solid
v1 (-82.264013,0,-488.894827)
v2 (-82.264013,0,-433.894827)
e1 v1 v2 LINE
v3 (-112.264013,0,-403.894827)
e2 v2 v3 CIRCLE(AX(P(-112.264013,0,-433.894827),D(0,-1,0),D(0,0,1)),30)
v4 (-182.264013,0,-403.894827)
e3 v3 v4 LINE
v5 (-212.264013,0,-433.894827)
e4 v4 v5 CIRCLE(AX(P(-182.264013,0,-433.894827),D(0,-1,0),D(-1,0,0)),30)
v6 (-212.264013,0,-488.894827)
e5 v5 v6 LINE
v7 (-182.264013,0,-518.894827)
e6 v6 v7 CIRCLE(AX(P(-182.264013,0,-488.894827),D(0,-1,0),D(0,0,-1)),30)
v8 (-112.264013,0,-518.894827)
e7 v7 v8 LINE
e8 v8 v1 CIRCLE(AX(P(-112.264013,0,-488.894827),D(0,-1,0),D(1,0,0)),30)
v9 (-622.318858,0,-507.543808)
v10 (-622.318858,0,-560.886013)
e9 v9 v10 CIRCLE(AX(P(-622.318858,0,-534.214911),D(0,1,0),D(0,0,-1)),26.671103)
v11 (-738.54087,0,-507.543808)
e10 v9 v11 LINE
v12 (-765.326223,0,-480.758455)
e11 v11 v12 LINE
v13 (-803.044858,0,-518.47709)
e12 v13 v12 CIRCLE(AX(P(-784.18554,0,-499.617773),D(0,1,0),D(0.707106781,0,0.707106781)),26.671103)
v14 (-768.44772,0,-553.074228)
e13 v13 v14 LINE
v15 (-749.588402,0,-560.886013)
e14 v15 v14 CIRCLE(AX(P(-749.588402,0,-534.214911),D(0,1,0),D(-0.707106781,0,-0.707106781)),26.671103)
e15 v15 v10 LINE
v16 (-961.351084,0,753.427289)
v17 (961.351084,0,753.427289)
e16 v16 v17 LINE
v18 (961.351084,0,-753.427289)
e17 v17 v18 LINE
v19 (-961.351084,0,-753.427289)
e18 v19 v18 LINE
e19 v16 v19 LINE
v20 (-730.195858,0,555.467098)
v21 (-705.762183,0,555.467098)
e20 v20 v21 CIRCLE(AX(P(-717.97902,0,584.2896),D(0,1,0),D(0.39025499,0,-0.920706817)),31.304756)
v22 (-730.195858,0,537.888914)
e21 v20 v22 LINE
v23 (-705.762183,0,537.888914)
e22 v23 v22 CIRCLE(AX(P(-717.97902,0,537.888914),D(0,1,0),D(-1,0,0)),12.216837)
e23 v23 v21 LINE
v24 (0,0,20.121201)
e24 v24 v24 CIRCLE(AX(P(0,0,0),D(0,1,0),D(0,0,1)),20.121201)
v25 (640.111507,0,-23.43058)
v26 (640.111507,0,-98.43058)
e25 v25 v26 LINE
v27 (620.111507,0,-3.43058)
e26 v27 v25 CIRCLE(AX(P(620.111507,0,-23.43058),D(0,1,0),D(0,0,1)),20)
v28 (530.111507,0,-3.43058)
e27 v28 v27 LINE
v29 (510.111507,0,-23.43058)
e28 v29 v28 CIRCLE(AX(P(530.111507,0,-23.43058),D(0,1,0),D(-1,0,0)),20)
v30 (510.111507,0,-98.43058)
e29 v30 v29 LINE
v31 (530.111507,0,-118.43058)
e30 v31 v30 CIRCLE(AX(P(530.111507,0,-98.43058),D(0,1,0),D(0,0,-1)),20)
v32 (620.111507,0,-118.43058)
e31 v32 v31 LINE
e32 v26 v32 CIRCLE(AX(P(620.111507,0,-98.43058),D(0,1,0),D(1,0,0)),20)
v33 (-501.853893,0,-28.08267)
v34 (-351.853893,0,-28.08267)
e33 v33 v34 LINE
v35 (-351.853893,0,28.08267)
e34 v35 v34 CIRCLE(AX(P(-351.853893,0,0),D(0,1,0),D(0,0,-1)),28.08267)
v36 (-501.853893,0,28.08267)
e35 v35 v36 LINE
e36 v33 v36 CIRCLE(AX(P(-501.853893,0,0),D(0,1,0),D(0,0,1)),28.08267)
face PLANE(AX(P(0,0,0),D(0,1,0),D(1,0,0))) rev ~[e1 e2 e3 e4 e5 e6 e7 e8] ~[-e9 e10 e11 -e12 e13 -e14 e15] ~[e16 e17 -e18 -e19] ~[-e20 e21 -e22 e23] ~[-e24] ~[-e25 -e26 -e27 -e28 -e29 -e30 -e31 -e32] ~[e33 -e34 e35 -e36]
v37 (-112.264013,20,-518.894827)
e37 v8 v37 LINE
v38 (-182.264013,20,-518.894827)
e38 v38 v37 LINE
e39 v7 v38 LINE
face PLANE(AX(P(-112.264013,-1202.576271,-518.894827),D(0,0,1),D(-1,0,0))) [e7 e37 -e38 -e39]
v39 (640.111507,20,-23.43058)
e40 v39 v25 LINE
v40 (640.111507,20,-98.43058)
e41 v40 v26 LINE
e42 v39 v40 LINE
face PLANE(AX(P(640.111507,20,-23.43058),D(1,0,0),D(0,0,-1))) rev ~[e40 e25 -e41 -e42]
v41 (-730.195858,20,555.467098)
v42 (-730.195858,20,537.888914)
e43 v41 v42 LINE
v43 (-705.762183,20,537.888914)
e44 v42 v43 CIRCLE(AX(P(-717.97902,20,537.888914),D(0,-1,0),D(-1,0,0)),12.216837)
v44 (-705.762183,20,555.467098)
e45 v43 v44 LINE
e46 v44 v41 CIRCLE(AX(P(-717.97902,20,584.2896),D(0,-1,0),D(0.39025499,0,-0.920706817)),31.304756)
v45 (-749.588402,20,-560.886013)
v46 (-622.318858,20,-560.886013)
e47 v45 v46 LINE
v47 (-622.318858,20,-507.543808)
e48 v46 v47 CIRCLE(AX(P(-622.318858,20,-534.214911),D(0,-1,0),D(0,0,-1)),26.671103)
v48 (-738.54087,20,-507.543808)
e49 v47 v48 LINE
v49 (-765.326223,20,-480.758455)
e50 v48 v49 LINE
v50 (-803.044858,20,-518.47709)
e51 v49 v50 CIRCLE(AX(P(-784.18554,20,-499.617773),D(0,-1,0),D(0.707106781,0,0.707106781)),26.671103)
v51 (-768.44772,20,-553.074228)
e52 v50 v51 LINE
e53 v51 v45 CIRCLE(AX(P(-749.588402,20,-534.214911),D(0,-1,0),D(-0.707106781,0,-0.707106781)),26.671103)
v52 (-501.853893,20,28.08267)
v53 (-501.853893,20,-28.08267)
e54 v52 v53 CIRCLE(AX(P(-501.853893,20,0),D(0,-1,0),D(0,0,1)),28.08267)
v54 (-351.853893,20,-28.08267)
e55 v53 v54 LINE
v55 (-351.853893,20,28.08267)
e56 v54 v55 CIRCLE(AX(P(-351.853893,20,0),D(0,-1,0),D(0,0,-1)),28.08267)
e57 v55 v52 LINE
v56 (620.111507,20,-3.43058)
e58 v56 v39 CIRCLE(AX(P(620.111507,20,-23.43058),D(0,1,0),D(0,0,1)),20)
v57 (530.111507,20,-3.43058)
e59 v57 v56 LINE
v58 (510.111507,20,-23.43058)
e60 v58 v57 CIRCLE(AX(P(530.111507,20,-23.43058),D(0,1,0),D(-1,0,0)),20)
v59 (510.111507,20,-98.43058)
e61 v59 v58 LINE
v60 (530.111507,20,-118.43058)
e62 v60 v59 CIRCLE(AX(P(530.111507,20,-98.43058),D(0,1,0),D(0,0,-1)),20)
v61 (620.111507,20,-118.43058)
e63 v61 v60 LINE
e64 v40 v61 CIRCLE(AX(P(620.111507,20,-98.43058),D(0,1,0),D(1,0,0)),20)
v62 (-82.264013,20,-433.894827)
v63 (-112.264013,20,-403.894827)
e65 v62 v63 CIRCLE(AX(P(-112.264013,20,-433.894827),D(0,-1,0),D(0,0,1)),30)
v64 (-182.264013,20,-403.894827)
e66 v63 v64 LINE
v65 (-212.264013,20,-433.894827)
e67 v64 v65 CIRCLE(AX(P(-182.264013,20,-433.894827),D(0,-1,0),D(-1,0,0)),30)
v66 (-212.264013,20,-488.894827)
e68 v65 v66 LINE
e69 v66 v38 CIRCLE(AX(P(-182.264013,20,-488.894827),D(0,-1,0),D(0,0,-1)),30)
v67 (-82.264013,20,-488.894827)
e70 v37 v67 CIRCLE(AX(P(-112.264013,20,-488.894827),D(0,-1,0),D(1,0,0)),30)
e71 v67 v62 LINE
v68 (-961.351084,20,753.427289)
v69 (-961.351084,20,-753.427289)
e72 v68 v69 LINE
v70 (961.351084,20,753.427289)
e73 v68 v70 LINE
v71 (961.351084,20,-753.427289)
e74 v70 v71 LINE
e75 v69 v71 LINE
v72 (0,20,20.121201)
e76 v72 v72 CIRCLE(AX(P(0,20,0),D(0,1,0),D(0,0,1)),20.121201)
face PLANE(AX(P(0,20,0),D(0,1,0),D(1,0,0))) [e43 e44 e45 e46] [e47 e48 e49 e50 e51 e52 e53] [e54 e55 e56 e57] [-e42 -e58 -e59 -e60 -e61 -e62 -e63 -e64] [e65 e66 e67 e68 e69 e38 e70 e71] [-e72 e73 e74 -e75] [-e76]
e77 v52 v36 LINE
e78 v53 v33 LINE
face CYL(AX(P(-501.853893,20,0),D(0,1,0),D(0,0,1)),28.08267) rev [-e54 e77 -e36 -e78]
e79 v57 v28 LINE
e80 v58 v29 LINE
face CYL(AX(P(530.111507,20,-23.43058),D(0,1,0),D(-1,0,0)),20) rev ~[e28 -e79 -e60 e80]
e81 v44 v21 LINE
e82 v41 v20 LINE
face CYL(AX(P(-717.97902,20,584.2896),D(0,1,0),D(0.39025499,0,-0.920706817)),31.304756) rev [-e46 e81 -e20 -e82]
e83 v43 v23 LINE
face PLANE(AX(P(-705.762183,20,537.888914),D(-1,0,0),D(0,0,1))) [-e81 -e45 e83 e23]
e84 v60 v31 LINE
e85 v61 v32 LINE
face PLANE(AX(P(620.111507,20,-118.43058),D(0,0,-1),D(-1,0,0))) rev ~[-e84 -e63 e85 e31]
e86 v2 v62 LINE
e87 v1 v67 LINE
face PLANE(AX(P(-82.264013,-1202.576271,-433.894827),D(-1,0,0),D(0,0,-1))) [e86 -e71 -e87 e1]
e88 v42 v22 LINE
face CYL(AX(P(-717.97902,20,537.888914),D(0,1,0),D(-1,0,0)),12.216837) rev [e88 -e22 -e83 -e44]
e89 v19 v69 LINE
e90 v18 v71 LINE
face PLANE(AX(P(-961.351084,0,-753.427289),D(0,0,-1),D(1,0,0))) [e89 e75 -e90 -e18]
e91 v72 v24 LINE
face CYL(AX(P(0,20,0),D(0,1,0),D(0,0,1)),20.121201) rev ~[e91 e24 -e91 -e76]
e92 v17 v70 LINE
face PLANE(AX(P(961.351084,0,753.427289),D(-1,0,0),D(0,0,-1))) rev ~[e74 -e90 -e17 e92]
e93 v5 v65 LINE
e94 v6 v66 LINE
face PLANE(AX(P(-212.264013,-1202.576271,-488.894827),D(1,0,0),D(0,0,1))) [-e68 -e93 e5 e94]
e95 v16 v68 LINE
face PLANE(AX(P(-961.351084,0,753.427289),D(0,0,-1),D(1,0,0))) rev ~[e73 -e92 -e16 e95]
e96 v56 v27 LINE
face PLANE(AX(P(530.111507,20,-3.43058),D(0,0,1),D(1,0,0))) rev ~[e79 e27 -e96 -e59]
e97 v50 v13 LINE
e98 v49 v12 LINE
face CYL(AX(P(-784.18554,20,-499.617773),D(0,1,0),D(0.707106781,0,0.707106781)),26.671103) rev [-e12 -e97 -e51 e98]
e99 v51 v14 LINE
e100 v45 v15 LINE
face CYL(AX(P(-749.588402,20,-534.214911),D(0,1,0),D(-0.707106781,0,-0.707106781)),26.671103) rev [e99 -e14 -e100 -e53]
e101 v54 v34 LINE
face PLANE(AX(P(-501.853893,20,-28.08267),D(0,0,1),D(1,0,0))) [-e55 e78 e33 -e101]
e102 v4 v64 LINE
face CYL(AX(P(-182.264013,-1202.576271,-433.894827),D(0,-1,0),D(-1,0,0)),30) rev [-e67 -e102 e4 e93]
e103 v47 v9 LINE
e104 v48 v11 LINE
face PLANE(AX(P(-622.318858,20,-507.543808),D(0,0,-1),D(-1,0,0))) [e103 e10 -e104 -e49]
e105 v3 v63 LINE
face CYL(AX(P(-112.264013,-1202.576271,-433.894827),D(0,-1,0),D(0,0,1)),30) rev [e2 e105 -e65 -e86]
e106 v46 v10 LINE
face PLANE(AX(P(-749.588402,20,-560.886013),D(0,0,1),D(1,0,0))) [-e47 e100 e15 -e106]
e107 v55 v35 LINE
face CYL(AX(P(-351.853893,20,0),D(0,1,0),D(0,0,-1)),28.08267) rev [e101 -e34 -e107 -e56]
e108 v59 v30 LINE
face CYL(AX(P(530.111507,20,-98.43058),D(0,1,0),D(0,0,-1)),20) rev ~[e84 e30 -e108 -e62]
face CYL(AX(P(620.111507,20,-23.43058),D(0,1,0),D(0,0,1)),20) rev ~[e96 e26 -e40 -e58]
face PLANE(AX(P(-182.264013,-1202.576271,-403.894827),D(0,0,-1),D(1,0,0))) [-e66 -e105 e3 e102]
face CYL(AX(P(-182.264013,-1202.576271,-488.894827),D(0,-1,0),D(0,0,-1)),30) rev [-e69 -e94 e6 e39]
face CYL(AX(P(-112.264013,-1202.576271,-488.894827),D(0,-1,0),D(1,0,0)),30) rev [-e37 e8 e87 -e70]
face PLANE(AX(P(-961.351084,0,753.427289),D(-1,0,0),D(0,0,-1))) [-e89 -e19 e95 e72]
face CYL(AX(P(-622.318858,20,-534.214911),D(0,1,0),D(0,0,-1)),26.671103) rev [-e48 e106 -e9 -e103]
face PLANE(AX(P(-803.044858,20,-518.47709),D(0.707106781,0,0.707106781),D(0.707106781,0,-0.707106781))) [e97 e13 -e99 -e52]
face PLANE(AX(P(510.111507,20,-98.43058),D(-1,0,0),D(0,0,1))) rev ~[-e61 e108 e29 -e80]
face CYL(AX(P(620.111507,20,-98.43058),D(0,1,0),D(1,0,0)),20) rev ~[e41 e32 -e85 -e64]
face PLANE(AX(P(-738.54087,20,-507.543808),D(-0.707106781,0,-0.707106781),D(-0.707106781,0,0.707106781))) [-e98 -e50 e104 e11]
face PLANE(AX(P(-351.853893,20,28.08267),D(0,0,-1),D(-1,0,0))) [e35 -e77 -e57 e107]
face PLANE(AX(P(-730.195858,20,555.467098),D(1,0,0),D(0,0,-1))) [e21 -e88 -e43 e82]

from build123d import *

# Parameters (mm, degrees)
SKETCH1_W               = 1922.702167778
SKETCH1_H               = 1506.854577214
BOSS_EXTRUDE1_DEPTH     = 20
SKETCH2_R               = 20.121201263
CUT_EXTRUDE1_DEPTH      = 20
CUT_EXTRUDE2_DEPTH      = 1222.576270935
CUT_EXTRUDE3_DEPTH      = 1222.576270935
CUT_EXTRUDE4_DEPTH      = 1222.576270935
CUT_EXTRUDE4_DEPTH_BACK = 1222.576270935
CUT_EXTRUDE5_DEPTH      = 1222.576270935
CUT_EXTRUDE6_DEPTH      = 1222.576270935


with BuildPart() as part:
    # Sketch1 → Boss-Extrude1 (new body)
    with BuildSketch(Plane(origin=(0, 0, 0), x_dir=(1, 0, 0), z_dir=(0, 1, 0))):
        Rectangle(SKETCH1_W, SKETCH1_H)
    extrude(amount=BOSS_EXTRUDE1_DEPTH)

    # Sketch2 → Cut-Extrude1 (cut)
    with BuildSketch(Plane(origin=(0, 20, 0), x_dir=(1, 0, 0), z_dir=(0, 1, 0))):
        with Locations(Location((0, 0, 0), (0, 0, 270))):
            Circle(SKETCH2_R)
    extrude(amount=-CUT_EXTRUDE1_DEPTH, mode=Mode.SUBTRACT)

    # Sketch3 → Cut-Extrude2 (cut, through all)
    with BuildSketch(Plane(origin=(0, 20, 0), x_dir=(1, 0, 0), z_dir=(0, 1, 0))):
        with BuildLine():
            Line((-501.853893247, 28.082670062), (-351.853893247, 28.082670062))
            ThreePointArc((-351.853893247, 28.082670062), (-323.771223185, 0), (-351.853893247, -28.082670062))
            Line((-351.853893247, -28.082670062), (-501.853893247, -28.082670062))
            ThreePointArc((-501.853893247, -28.082670062), (-529.936563308, 0), (-501.853893247, 28.082670062))
        make_face()
    extrude(amount=-CUT_EXTRUDE2_DEPTH, mode=Mode.SUBTRACT)

    # Sketch4 → Cut-Extrude3 (cut, through all)
    with BuildSketch(Plane(origin=(0, 20, 0), x_dir=(1, 0, 0), z_dir=(0, 1, 0))):
        with BuildLine():
            Line((530.111507452, 3.430580165), (620.111507452, 3.430580165))
            ThreePointArc((620.111507452, 3.430580165), (634.253643076, 9.288444541), (640.111507452, 23.430580165))
            Line((640.111507452, 23.430580165), (640.111507452, 98.430580165))
            ThreePointArc((640.111507452, 98.430580165), (634.253643076, 112.572715788), (620.111507452, 118.430580165))
            Line((620.111507452, 118.430580165), (530.111507452, 118.430580165))
            ThreePointArc((530.111507452, 118.430580165), (515.969371828, 112.572715788), (510.111507452, 98.430580165))
            Line((510.111507452, 98.430580165), (510.111507452, 23.430580165))
            ThreePointArc((510.111507452, 23.430580165), (515.969371828, 9.288444541), (530.111507452, 3.430580165))
        make_face()
    extrude(amount=-CUT_EXTRUDE3_DEPTH, mode=Mode.SUBTRACT)

    # Sketch5 → Cut-Extrude4 (cut, two sides: drawn at the far end of the back side and taken through both)
    with BuildSketch(Plane(origin=(0, 20, 0), x_dir=(1, 0, 0), z_dir=(0, 1, 0)).offset(-CUT_EXTRUDE4_DEPTH_BACK)):
        with BuildLine():
            Line((-182.264012939, 403.894827106), (-112.264012939, 403.894827106))
            ThreePointArc((-112.264012939, 403.894827106), (-91.050809503, 412.681623671), (-82.264012939, 433.894827106))
            Line((-82.264012939, 433.894827106), (-82.264012939, 488.894827106))
            ThreePointArc((-82.264012939, 488.894827106), (-91.050809503, 510.108030542), (-112.264012939, 518.894827106))
            Line((-112.264012939, 518.894827106), (-182.264012939, 518.894827106))
            ThreePointArc((-182.264012939, 518.894827106), (-203.477216375, 510.108030542), (-212.264012939, 488.894827106))
            Line((-212.264012939, 488.894827106), (-212.264012939, 433.894827106))
            ThreePointArc((-212.264012939, 433.894827106), (-203.477216375, 412.681623671), (-182.264012939, 403.894827106))
        make_face()
    extrude(amount=CUT_EXTRUDE4_DEPTH + CUT_EXTRUDE4_DEPTH_BACK, mode=Mode.SUBTRACT)

    # Sketch6 → Cut-Extrude5 (cut, through all)
    with BuildSketch(Plane(origin=(0, 20, 0), x_dir=(1, 0, 0), z_dir=(0, 1, 0))):
        with BuildLine():
            Line((-803.044857879, 518.477090235), (-768.447719913, 553.074228201))
            ThreePointArc((-768.447719913, 553.074228201), (-759.794991438, 558.855796528), (-749.588402288, 560.886013339))
            Line((-749.588402288, 560.886013339), (-622.318858343, 560.886013339))
            ThreePointArc((-622.318858343, 560.886013339), (-595.647755579, 534.214910576), (-622.318858343, 507.543807813))
            Line((-622.318858343, 507.543807813), (-738.5408698, 507.543807813))
            Line((-738.5408698, 507.543807813), (-765.326222628, 480.758454984))
            ThreePointArc((-765.326222628, 480.758454984), (-803.044857879, 480.758454984), (-803.044857879, 518.477090235))
        make_face()
    extrude(amount=-CUT_EXTRUDE5_DEPTH, mode=Mode.SUBTRACT)

    # Sketch8 → Cut-Extrude6 (cut, through all)
    with BuildSketch(Plane(origin=(0, 20, 0), x_dir=(1, 0, 0), z_dir=(0, 1, 0))):
        with BuildLine():
            Line((-730.19585764, -555.467097942), (-730.19585764, -537.888913931))
            ThreePointArc((-730.19585764, -537.888913931), (-717.979020313, -525.672076605), (-705.762182987, -537.888913931))
            Line((-705.762182987, -537.888913931), (-705.762182987, -555.467097942))
            ThreePointArc((-705.762182987, -555.467097942), (-717.979020313, -615.594356546), (-730.19585764, -555.467097942))
        make_face()
    extrude(amount=-CUT_EXTRUDE6_DEPTH, mode=Mode.SUBTRACT)


solid = part.part
